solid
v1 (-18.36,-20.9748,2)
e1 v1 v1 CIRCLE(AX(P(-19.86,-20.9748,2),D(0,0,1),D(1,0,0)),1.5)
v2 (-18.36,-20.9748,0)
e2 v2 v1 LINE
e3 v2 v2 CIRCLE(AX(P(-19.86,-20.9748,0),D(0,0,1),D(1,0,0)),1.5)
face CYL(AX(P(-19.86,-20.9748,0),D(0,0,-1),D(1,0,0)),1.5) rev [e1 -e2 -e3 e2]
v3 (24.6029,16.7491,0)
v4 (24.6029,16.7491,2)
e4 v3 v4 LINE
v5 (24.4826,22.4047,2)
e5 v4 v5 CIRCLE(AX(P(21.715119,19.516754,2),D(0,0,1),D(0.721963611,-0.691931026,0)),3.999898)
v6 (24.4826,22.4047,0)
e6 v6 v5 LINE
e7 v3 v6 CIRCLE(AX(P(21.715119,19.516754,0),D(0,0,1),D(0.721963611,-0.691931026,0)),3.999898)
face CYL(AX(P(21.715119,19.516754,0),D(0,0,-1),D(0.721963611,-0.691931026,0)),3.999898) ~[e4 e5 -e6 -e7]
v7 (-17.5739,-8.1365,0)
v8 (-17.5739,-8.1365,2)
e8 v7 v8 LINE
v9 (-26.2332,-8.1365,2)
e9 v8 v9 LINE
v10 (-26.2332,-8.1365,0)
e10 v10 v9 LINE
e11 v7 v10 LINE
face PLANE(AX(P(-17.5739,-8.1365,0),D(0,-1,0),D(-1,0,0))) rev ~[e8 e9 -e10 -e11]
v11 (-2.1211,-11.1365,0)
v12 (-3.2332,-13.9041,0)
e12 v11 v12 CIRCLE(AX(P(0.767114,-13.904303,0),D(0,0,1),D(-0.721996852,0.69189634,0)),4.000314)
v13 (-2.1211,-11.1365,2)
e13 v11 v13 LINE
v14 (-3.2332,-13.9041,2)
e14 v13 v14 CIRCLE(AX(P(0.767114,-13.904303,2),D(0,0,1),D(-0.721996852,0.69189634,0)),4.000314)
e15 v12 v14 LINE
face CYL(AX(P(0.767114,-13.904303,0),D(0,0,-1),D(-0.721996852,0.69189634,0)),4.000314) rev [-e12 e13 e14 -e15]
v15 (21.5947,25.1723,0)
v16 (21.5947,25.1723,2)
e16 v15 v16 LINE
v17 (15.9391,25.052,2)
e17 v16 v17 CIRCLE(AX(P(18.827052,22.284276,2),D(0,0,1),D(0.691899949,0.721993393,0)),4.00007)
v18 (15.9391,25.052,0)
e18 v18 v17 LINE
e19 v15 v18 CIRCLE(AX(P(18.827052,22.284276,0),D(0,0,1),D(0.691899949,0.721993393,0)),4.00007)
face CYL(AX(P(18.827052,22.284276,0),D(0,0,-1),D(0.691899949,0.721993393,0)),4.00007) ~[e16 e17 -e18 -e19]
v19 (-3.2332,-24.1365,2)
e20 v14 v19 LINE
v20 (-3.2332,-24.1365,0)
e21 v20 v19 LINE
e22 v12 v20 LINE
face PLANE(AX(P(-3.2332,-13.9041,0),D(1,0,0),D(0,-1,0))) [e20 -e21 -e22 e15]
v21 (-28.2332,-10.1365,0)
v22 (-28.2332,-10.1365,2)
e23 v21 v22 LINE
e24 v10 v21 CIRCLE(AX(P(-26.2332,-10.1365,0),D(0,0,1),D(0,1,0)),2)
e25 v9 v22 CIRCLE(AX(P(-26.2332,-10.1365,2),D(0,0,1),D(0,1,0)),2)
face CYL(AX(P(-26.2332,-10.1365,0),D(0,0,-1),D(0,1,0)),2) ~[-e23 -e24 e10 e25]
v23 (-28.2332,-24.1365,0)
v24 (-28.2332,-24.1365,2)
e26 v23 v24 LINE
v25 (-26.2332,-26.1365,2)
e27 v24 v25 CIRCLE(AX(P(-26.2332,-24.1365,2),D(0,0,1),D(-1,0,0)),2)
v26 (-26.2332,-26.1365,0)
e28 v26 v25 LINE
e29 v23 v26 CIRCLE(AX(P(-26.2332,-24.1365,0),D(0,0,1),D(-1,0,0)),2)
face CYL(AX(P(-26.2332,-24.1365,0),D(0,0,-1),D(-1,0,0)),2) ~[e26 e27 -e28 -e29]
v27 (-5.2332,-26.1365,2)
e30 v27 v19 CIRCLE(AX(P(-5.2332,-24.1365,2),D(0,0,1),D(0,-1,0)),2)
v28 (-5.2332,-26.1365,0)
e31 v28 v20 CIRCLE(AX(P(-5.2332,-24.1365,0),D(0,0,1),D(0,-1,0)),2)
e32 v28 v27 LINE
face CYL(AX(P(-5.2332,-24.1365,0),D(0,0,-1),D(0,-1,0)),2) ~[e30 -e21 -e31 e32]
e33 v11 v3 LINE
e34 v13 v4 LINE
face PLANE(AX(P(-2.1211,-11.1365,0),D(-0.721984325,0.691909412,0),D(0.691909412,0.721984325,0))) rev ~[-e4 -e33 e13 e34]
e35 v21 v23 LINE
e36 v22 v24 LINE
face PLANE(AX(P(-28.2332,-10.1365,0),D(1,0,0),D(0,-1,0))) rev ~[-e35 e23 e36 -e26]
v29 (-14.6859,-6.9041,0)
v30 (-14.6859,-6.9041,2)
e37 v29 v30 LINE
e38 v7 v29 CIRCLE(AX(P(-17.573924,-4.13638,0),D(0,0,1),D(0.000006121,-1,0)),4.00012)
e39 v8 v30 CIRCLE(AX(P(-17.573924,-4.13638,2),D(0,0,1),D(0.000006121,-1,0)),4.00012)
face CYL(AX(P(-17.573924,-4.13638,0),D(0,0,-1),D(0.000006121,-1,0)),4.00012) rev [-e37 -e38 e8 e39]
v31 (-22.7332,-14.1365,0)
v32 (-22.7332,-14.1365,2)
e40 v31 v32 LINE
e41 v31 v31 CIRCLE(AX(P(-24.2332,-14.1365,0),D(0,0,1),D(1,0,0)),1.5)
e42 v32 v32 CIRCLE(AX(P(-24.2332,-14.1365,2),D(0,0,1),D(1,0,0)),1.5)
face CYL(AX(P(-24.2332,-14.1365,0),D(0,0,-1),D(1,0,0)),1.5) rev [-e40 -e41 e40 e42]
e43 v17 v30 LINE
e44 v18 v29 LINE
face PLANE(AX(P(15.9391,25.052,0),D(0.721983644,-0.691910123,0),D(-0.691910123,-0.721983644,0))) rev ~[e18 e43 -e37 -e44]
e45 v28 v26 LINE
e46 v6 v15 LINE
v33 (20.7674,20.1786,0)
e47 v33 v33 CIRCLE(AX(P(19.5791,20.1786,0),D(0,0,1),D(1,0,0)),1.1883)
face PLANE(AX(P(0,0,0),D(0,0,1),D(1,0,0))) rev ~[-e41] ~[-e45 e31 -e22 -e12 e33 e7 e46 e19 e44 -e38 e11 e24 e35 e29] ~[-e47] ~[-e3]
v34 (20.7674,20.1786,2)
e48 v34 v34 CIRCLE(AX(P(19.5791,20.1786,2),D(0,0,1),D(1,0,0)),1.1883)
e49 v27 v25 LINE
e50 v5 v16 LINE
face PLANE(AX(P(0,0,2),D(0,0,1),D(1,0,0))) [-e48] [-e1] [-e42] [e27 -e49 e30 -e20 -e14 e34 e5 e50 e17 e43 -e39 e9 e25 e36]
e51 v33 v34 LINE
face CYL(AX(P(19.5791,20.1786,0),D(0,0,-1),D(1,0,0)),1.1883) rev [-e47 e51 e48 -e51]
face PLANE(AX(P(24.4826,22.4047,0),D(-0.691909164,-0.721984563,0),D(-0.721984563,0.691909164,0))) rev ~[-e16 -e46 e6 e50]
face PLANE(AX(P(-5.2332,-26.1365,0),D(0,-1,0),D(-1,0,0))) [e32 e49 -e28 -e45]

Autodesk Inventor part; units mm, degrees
ref_plane "YZ Plane" through (0, 0, 0) normal (1, 0, 0) x (0, 1, 0)
ref_plane "XZ Plane" through (0, 0, 0) normal (0, 1, 0) x (-1, 0, 0)
ref_plane "XY Plane" through (0, 0, 0) normal (0, 0, 1) x (1, 0, 0)
sketch "Sketch1" plane through (0, 0, 0) normal (0, 0, 1) x (1, 0, 0)
  line L0 (18.5786, 18.746) -> (17.0917, 17.2136) construction
  arc A0 (17.9845, 16.2868) -> (17.0917, 17.2136) centre (-2.1377, -2.2032) ccw construction
  line L1 (17.9845, 16.2868) -> (20.1624, 18.5314) construction
  arc A1 (18.5786, 18.746) -> (20.1624, 18.5314) centre (19.5791, 20.1786) ccw construction
  arc A2 (-17.1863, -18.1767) -> (-16.167, -18.9622) centre (0, 3.0698) ccw construction
  line L2 (-18.546, -19.8229) -> (-17.1863, -18.1767) construction
  arc A3 (-18.1587, -21.3736) -> (-18.546, -19.8229) centre (-19.86, -20.9748) ccw construction
  line L3 (-18.1587, -21.3736) -> (-16.167, -18.9622) construction
  circle A4 centre (19.5791, 20.1786) radius 1.1883 construction
  arc A5 (16.6904, 17.6029) -> (15.7371, 18.4674) centre (-2.1377, -2.2032) ccw construction
  line L4 (18.1773, 19.1353) -> (16.6904, 17.6029) construction
  arc A6 (17.9151, 20.712) -> (18.1773, 19.1353) centre (19.5791, 20.1786) ccw construction
  line L5 (17.9151, 20.712) -> (15.7371, 18.4674) construction
  arc A7 (-18.5813, -16.968) -> (-17.6174, -17.8206) centre (0, 3.0698) ccw construction
  line L6 (-18.5813, -16.968) -> (-20.5731, -19.3794) construction
  arc A8 (-18.9771, -19.4668) -> (-20.5731, -19.3794) centre (-19.86, -20.9748) ccw construction
  line L7 (-18.9771, -19.4668) -> (-17.6174, -17.8206) construction
  circle A9 centre (-19.86, -20.9748) radius 1.1883 construction
  line L8 (-16.3337, 25.9034) -> (-16.8518, 26.1012) construction
  line L9 (-16.3337, 26.3055) -> (-16.3337, 25.9034) construction
  line L10 (-16.8518, 26.1012) -> (-16.3337, 26.3055) construction
  line L11 (-19.0249, 26.6328) -> (-15.9448, 26.6328) construction
  line L12 (-19.0249, 18.2452) -> (-19.0249, 26.6328) construction
  line L13 (-14.5515, 18.2452) -> (-19.0249, 18.2452) construction
  line L14 (-14.5515, 26.6328) -> (-14.5515, 18.2452) construction
  line L15 (-15.8844, 26.6328) -> (-14.5515, 26.6328) construction
  line L16 (-15.8844, 26.2285) -> (-15.8844, 26.6328) construction
  line L17 (-15.9443, 26.2285) -> (-15.8844, 26.2285) construction
  line L18 (-15.9443, 26.2676) -> (-15.9443, 26.2285) construction
  spline S0 degree 3 poles (-16.0393, 26.4068) (-16.0329, 26.4063) (-16.0204, 26.4054) (-16.0023, 26.3984) (-15.986, 26.3869) (-15.9714, 26.3711) (-15.9588, 26.3512) (-15.9505, 26.3267) (-15.9449, 26.2985) (-15.9445, 26.2783) (-15.9443, 26.2676) knots 0 0 0 0 0.101714 0.200319 0.305072 0.417926 0.542764 0.677988 0.829039 1 1 1 1 construction
  spline S1 degree 3 poles (-16.1301, 26.3857) (-16.1211, 26.3889) (-16.1041, 26.3949) (-16.0799, 26.4013) (-16.0586, 26.4058) (-16.0454, 26.4065) (-16.0393, 26.4068) knots 0 0 0 0 0.306023 0.575345 0.804378 1 1 1 1 construction
  line L19 (-16.2738, 26.3291) -> (-16.1301, 26.3857) construction
  line L20 (-16.2738, 25.8805) -> (-16.2738, 26.3291) construction
  line L21 (-16.0234, 25.7848) -> (-16.2738, 25.8805) construction
  spline S2 degree 3 poles (-15.9946, 25.7789) (-15.9993, 25.7792) (-16.0092, 25.7797) (-16.0185, 25.7831) (-16.0234, 25.7848) knots 0 0 0 0 0.478178 1 1 1 1 construction
  spline S3 degree 3 poles (-15.9602, 25.8) (-15.9622, 25.7968) (-15.9659, 25.7907) (-15.9741, 25.7836) (-15.984, 25.7798) (-15.991, 25.7792) (-15.9946, 25.7789) knots 0 0 0 0 0.261211 0.507299 0.74454 1 1 1 1 construction
  spline S4 degree 3 poles (-15.9443, 25.9058) (-15.9444, 25.8942) (-15.9446, 25.8729) (-15.9477, 25.8436) (-15.9519, 25.8195) (-15.9576, 25.806) (-15.9602, 25.8) knots 0 0 0 0 0.321536 0.594469 0.818506 1 1 1 1 construction
  line L22 (-15.9443, 25.9439) -> (-15.9443, 25.9058) construction
  line L23 (-15.8844, 25.9439) -> (-15.9443, 25.9439) construction
  line L24 (-15.8844, 25.4647) -> (-15.8844, 25.9439) construction
  line L25 (-15.9443, 25.4647) -> (-15.8844, 25.4647) construction
  line L26 (-15.9443, 25.5009) -> (-15.9443, 25.4647) construction
  spline S5 degree 3 poles (-16.0098, 25.6044) (-16.0046, 25.6021) (-15.9945, 25.5977) (-15.9809, 25.5889) (-15.9695, 25.5783) (-15.9603, 25.5659) (-15.9528, 25.5521) (-15.9478, 25.5365) (-15.9447, 25.5192) (-15.9444, 25.5072) (-15.9443, 25.5009) knots 0 0 0 0 0.12992 0.250999 0.368228 0.484041 0.601216 0.725171 0.857283 1 1 1 1 construction
  line L27 (-17.0675, 26.0083) -> (-16.0098, 25.6044) construction
  line L28 (-17.0675, 26.0792) -> (-17.0675, 26.0083) construction
  line L29 (-16.088, 26.4655) -> (-17.0675, 26.0792) construction
  spline S6 degree 3 poles (-15.9448, 26.6343) (-15.945, 26.6279) (-15.9461, 26.6118) (-15.9509, 26.5869) (-15.9601, 26.561) (-15.9738, 26.5381) (-15.993, 26.5177) (-16.0187, 26.4991) (-16.0507, 26.4811) (-16.075, 26.471) (-16.088, 26.4655) knots 0.053864 0.053864 0.053864 0.053864 0.129499 0.246974 0.354967 0.455939 0.562557 0.68682 0.832183 1 1 1 1 construction
  line L30 (-21.4293, 26.6328) -> (-21.4293, 9.8576) construction
  line L31 (-24.6726, 26.6328) -> (-21.4293, 26.6328) construction
  line L32 (-24.6726, 9.8576) -> (-24.6726, 26.6328) construction
  line L33 (-21.4293, 9.8576) -> (-24.6726, 9.8576) construction
  circle A10 centre (0, 0) radius 16.7753 construction
  line L34 (10.0608, 22.0117) -> (10.6373, 22.5863) construction
  arc A11 (15.7973, 19.3323) -> (10.6373, 22.5863) centre (0, 0) ccw construction
  line L35 (18.0541, 21.6583) -> (15.7973, 19.3323) construction
  arc A12 (21.1041, 18.6989) -> (18.0541, 21.6583) centre (19.5791, 20.1786) ccw construction
  line L36 (21.1041, 18.6989) -> (18.3133, 15.8226) construction
  arc A13 (0, -24.2019) -> (18.3133, 15.8226) centre (0, 0) ccw construction
  arc A14 (-14.8516, -19.8033) -> (0, -24.2019) centre (0, 3.0698) ccw construction
  ellipse E0 centre (-15.4609, -20.7415) end of major axis (-14.7484, -19.879) minor radius 1.1184 (-14.8516, -19.8033) -> (-16.3232, -20.0293) ccw construction
  line L37 (-16.3232, -20.0293) -> (-18.2218, -22.328) construction
  arc A15 (-21.4983, -19.6216) -> (-18.2218, -22.328) centre (-19.86, -20.9748) ccw construction
  line L38 (-21.4983, -19.6216) -> (-19.5997, -17.323) construction
  ellipse E1 centre (-20.462, -16.6108) end of major axis (-19.7495, -15.7482) minor radius 1.1184 (-19.5997, -17.323) -> (-19.6557, -15.8352) ccw construction
  arc A16 (-27.2594, 2.2506) -> (-19.6557, -15.8352) centre (0, 3.0698) ccw construction
  line L39 (-28.0761, 29.4287) -> (-27.2594, 2.2506) construction
  line L40 (-27.5723, 29.4287) -> (-28.0761, 29.4287) construction
  line L41 (-27.5723, 29.4287) -> (-26.756, 2.2658) construction
  arc A17 (-26.756, 2.2658) -> (0, -23.6983) centre (0, 3.0698) ccw construction
  arc A18 (0, -23.6983) -> (14.9112, 18.4191) centre (0, 0) ccw construction
  line L42 (14.9112, 18.4191) -> (14.8982, 18.4058) construction
  arc A19 (0, -23.6797) -> (14.8982, 18.4058) centre (0, 0) ccw construction
  arc A20 (-26.7375, 2.2663) -> (0, -23.6797) centre (0, 3.0698) ccw construction
  line L43 (-26.7375, 2.2663) -> (-27.5537, 29.4287) construction
  line L44 (-27.5537, 29.4287) -> (4.0735, 29.4287) construction
  line L45 (4.0735, 29.4287) -> (4.0735, 23.5758) construction
  spline S7 degree 3 poles (4.0735, 23.5758) (4.0735, 23.5061) (4.0979, 23.4388) (4.1866, 23.332) (4.2486, 23.2956) (4.317, 23.2829) knots 0 0 0 0 0.5 0.5 1 1 1 1 construction
  arc A21 (9.4913, 21.6944) -> (4.317, 23.2829) centre (0, 0) ccw construction
  arc A22 (9.4913, 21.6944) -> (9.5899, 21.6712) centre (9.6034, 21.9505) ccw construction
  arc A23 (9.5899, 21.6712) -> (4.3204, 23.3011) centre (0, 0) ccw construction
  spline S8 degree 3 poles (4.3204, 23.3011) (4.2885, 23.307) (4.2579, 23.3185) (4.2022, 23.3512) (4.1772, 23.3723) (4.1358, 23.4221) (4.1197, 23.4504) (4.0977, 23.5112) (4.092, 23.5434) (4.092, 23.5758) knots -0.069591 -0.069591 -0.069591 -0.069591 -0.052128 -0.052128 -0.034725 -0.034725 -0.017377 -0.017377 0 0 0 0 construction
  line L46 (4.092, 23.5758) -> (4.092, 29.4287) construction
  line L47 (5.0431, 29.4287) -> (4.092, 29.4287) construction
  line L48 (5.0431, 24.3398) -> (5.0431, 29.4287) construction
  ellipse E2 centre (5.8822, 24.3403) end of major axis (5.2221, 23.8221) minor radius 0.8388 (5.0431, 24.3398) -> (5.6847, 23.5248) ccw construction
  arc A24 (10.0608, 22.0117) -> (5.6847, 23.5248) centre (0, 0) ccw construction
  line L49 (-2.1211, -11.1365) -> (24.6029, 16.7491)
  line L50 (24.4826, 22.4047) -> (21.5947, 25.1723)
  line L51 (-28.2332, -10.1365) -> (-28.2332, -24.1365)
  line L52 (19.5791, 20.1786) -> (-19.86, -20.9748) construction
  line L53 (-28.2332, -20.9748) -> (-11.1999, -20.9748) construction
  arc A25 (24.6029, 16.7491) -> (24.4826, 22.4047) centre (21.715, 19.5168) ccw
  arc A26 (21.5947, 25.1723) -> (15.9391, 25.052) centre (18.8271, 22.2844) ccw
  arc A27 (-2.1211, -11.1365) -> (-3.2332, -13.9041) centre (0.7668, -13.9041) ccw
  circle A28 centre (19.5791, 20.1786) radius 1.1883
  circle A29 centre (-24.2332, -14.1365) radius 1.5
  line L54 (-17.5739, -8.1365) -> (-26.2332, -8.1365)
  line L55 (15.9391, 25.052) -> (-14.6859, -6.9041)
  arc A30 (-17.5739, -8.1365) -> (-14.6859, -6.9041) centre (-17.5739, -4.1365) ccw
  arc A31 (-26.2332, -8.1365) -> (-28.2332, -10.1365) centre (-26.2332, -10.1365) ccw
  circle A32 centre (-19.86, -20.9748) radius 1.5
  line L56 (-3.2332, -13.9041) -> (-3.2332, -24.1365)
  line L57 (-5.2332, -26.1365) -> (-26.2332, -26.1365)
  arc A33 (-28.2332, -24.1365) -> (-26.2332, -26.1365) centre (-26.2332, -24.1365) ccw
  arc A34 (-5.2332, -26.1365) -> (-3.2332, -24.1365) centre (-5.2332, -24.1365) ccw
  point P0 (0, 0)
  point P1 (-3.2332, -12.2969)
  dimension "d0" = 6
  dimension "d2" = 5
  dimension "d7" = 4
  dimension "d11" = 3
  dimension "d15" = 4
  dimension "d16" = 6
  dimension "d17" = 4
  dimension "d18" = 2
  dimension "d19" = 38.6236
  dimension "d23" = 3
  dimension "d25" = 6
  dimension "d26" = 18
  dimension "d27" = 15
  dimension "d28" = 25
  dimension "d29" = 2
extrude "Extrusion1" add sketch "Sketch1" along normal blind 2
equation "\"d11\" = d23"
equation "\"d16\" = d0"
equation "\"d1\" = d0"
properties part number "BlæserMount"
